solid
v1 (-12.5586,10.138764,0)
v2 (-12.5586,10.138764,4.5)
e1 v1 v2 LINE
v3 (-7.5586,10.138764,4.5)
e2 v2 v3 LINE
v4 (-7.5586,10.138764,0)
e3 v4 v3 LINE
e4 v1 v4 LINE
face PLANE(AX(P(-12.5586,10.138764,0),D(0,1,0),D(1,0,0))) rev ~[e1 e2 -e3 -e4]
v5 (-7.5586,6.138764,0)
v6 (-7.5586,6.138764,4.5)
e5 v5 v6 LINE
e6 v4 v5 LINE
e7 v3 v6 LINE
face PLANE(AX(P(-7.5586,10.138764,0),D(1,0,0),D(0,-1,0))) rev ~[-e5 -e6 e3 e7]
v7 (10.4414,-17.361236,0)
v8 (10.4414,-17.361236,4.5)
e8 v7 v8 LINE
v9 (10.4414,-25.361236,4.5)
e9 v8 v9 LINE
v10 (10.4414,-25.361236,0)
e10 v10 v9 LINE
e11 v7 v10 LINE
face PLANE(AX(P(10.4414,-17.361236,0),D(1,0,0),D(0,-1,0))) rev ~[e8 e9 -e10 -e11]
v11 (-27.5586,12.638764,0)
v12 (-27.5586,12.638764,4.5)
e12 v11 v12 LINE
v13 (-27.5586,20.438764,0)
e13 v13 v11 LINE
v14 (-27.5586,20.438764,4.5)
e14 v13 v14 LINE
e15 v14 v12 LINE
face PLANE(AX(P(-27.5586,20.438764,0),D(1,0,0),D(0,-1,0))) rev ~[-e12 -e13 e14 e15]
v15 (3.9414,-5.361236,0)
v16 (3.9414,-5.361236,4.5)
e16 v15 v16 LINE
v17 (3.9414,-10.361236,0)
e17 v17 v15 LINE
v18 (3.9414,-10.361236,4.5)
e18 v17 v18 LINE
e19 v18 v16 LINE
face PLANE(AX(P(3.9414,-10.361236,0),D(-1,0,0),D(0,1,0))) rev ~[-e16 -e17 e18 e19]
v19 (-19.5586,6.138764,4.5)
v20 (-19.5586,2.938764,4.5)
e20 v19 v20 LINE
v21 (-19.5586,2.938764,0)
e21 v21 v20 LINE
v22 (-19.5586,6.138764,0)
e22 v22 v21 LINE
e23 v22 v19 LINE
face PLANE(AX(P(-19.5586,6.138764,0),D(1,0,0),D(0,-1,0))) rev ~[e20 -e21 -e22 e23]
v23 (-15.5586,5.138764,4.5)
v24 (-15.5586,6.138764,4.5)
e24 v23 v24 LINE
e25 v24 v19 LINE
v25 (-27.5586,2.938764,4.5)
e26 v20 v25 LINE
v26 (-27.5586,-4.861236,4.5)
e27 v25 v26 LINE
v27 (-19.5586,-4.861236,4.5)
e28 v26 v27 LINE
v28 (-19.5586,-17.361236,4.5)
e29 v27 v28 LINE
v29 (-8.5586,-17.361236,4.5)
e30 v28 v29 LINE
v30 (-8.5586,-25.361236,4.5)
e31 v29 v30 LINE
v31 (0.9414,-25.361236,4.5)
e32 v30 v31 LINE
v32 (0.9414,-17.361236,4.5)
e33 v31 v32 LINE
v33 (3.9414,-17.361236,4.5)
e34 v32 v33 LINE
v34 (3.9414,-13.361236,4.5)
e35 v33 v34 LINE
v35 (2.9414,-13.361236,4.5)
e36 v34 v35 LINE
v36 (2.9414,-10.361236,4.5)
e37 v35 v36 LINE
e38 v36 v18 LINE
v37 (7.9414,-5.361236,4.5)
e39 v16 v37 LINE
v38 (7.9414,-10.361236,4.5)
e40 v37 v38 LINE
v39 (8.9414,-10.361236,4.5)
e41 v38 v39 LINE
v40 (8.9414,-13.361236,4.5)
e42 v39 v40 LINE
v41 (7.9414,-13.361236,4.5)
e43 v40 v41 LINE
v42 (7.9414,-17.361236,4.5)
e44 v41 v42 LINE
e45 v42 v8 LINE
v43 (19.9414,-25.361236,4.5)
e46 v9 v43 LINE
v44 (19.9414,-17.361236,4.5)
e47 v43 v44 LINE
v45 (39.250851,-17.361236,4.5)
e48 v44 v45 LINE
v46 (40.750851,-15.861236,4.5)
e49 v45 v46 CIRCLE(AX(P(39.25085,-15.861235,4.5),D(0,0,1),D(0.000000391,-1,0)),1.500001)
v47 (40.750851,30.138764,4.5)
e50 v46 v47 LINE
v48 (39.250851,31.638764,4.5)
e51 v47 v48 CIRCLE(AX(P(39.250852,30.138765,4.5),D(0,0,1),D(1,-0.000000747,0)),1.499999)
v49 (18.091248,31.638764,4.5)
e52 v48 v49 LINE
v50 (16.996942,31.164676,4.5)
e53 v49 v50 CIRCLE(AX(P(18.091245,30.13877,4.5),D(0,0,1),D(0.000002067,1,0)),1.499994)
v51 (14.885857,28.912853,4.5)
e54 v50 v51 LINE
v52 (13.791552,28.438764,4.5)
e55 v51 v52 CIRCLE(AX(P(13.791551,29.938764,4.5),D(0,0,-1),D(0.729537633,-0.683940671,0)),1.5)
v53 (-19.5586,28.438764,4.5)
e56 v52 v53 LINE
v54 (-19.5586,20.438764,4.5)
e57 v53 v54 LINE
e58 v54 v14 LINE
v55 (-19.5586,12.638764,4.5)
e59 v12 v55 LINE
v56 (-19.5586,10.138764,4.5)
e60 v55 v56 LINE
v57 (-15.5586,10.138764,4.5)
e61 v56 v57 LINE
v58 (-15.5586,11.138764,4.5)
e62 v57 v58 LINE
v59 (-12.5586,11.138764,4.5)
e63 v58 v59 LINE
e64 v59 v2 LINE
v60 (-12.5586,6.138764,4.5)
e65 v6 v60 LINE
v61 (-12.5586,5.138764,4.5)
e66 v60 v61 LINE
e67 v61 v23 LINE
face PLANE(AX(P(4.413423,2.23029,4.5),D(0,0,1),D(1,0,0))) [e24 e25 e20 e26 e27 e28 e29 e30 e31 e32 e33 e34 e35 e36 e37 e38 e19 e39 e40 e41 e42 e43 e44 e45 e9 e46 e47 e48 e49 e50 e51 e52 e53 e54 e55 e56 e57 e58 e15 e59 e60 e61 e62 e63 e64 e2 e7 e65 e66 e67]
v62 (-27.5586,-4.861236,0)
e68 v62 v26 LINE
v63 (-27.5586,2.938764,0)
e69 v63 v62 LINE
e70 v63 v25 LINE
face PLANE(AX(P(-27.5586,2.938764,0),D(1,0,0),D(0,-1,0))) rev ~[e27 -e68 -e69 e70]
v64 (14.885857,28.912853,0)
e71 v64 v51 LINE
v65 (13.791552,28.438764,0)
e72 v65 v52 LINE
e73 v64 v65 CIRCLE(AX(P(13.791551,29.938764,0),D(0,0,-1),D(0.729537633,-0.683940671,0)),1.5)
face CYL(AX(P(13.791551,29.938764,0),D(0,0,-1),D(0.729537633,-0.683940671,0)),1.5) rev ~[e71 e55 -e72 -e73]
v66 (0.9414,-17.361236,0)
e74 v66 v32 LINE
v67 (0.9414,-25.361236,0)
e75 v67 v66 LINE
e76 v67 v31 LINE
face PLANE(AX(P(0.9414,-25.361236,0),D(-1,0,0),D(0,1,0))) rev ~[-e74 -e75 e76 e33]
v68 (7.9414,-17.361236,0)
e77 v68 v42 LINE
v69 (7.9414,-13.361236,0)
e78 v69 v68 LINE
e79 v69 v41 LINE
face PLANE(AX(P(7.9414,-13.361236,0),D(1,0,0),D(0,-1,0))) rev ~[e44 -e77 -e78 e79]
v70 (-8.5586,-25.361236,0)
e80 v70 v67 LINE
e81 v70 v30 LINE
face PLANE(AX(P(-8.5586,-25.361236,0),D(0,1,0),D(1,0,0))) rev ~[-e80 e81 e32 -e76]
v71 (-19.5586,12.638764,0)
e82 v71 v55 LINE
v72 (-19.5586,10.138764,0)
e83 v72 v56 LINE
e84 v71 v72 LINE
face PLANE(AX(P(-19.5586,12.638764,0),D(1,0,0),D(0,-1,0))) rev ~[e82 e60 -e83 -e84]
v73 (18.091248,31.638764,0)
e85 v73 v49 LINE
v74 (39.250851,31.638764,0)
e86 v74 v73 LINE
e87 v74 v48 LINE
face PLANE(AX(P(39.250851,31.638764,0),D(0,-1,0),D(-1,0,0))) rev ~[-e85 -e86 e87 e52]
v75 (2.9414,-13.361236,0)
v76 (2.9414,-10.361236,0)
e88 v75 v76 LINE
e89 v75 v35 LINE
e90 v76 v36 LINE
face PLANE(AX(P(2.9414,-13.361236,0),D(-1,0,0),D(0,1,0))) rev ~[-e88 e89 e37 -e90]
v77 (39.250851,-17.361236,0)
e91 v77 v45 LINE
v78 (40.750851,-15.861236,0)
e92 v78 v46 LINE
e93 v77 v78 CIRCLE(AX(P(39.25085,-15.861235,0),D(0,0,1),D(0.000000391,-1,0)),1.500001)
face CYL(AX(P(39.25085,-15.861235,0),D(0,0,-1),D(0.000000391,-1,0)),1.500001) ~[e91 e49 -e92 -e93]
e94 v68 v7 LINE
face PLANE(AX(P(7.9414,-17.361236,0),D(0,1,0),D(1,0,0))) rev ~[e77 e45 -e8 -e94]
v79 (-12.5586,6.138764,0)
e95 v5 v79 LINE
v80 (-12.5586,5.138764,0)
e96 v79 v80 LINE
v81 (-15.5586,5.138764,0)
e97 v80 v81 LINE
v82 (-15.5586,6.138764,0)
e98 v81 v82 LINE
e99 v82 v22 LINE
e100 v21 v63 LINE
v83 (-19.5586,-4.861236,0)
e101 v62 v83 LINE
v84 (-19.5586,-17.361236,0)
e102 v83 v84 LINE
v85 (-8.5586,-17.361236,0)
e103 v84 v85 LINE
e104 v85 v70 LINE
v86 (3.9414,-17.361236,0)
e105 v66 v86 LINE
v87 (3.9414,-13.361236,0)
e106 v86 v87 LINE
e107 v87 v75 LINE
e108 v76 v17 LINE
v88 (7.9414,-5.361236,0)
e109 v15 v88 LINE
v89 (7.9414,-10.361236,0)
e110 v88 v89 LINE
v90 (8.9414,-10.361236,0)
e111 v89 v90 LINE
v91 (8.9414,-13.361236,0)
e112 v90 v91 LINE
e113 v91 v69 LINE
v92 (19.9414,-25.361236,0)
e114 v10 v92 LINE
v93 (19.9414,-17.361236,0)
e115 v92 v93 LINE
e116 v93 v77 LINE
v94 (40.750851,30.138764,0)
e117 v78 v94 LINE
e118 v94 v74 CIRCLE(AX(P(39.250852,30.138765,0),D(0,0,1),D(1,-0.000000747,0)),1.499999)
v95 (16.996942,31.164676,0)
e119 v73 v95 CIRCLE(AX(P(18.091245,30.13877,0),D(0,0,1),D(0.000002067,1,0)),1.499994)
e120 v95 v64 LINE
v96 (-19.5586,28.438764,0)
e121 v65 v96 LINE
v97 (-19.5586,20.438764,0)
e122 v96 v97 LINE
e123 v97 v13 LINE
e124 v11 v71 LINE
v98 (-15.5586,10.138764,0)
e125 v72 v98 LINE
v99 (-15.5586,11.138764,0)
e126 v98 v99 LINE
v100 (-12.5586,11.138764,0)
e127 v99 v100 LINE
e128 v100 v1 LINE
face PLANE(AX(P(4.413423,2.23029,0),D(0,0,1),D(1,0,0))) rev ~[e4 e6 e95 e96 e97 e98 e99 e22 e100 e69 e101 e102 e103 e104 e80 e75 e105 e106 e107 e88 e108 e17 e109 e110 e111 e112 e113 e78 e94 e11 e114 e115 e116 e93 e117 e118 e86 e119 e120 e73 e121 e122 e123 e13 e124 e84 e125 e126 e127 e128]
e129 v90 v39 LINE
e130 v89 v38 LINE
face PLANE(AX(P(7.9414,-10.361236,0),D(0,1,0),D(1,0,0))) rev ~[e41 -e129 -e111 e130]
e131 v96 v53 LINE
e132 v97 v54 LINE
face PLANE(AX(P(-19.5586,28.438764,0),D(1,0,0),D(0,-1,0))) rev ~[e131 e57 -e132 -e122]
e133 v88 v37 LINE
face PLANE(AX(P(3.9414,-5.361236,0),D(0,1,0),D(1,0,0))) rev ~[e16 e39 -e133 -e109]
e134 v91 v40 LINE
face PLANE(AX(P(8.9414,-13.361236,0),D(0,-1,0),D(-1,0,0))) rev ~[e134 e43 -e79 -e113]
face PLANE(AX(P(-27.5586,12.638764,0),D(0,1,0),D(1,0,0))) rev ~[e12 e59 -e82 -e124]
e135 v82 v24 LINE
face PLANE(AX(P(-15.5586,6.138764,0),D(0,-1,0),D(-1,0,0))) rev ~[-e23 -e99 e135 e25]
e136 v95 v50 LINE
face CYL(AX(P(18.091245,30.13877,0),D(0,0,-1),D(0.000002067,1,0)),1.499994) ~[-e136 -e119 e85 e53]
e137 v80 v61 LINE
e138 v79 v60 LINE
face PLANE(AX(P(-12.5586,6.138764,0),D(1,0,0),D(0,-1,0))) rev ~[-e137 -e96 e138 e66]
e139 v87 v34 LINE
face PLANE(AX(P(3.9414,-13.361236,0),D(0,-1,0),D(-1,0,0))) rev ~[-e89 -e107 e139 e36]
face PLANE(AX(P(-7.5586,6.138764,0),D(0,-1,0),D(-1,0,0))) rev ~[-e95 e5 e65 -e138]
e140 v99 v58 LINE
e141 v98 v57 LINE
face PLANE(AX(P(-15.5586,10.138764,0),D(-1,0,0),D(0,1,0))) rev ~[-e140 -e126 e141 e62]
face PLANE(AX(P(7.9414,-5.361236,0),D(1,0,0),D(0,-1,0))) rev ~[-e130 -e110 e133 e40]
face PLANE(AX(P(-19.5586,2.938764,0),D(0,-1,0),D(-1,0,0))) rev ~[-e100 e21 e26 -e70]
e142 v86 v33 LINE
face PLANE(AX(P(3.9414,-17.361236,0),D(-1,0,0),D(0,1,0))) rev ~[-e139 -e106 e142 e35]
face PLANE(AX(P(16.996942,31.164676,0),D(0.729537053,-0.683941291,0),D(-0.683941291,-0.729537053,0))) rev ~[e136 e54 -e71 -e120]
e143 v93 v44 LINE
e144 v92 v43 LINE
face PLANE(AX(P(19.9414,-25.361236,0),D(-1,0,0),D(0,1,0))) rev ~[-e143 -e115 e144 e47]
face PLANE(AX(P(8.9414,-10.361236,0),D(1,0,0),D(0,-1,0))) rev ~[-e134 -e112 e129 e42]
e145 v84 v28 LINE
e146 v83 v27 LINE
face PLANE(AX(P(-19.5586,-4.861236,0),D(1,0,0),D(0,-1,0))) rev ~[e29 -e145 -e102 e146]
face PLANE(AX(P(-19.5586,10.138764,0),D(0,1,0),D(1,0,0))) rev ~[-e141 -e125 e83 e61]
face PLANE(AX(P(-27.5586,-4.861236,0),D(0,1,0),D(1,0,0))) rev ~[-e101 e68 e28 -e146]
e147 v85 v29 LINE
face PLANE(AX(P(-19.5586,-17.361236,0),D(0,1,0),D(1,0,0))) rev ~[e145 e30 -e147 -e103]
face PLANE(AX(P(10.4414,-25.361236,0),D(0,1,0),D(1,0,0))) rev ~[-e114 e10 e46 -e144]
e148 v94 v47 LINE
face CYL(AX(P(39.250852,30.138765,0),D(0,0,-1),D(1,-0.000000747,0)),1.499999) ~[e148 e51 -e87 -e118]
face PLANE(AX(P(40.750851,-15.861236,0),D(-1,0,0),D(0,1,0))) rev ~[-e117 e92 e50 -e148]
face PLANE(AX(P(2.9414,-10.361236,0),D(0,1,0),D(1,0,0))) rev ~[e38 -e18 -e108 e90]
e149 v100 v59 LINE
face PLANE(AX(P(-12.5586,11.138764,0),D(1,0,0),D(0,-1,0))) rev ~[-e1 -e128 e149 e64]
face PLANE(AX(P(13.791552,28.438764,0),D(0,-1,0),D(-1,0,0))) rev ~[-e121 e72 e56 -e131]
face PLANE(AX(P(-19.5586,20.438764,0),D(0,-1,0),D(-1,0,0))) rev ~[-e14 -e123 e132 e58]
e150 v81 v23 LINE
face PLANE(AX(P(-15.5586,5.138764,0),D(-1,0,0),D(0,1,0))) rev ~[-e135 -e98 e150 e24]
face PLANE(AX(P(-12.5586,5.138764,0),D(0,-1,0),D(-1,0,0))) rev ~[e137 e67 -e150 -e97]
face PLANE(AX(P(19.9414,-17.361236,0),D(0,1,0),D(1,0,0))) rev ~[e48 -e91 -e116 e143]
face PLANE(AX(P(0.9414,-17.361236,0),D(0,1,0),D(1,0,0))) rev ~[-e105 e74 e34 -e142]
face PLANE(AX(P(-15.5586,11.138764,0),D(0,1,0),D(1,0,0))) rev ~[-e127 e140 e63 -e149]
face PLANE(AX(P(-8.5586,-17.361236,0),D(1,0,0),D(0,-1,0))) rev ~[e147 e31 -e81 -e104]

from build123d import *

# Parameters (mm, degrees)
F1_DEPTH = 4.5


with BuildPart() as f1:
    # F0 (on Top) → F1 (new body)
    with BuildSketch(Plane.XY):
        with BuildLine():
            Line((13.791552, 28.438764), (-19.5586, 28.438764))
            Line((-19.5586, 28.438764), (-19.5586, 20.438764))
            Line((-19.5586, 20.438764), (-27.5586, 20.438764))
            Line((-27.5586, 20.438764), (-27.5586, 12.638764))
            Line((-27.5586, 12.638764), (-19.5586, 12.638764))
            Line((-19.5586, 12.638764), (-19.5586, 10.138764))
            Line((-19.5586, 10.138764), (-15.5586, 10.138764))
            Line((-15.5586, 10.138764), (-15.5586, 11.138764))
            Line((-15.5586, 11.138764), (-12.5586, 11.138764))
            Line((-12.5586, 11.138764), (-12.5586, 10.138764))
            Line((-12.5586, 10.138764), (-7.5586, 10.138764))
            Line((-7.5586, 10.138764), (-7.5586, 6.138764))
            Line((-7.5586, 6.138764), (-12.5586, 6.138764))
            Line((-12.5586, 6.138764), (-12.5586, 5.138764))
            Line((-12.5586, 5.138764), (-15.5586, 5.138764))
            Line((-15.5586, 5.138764), (-15.5586, 6.138764))
            Line((-15.5586, 6.138764), (-19.5586, 6.138764))
            Line((-19.5586, 6.138764), (-19.5586, 2.938764))
            Line((-19.5586, 2.938764), (-27.5586, 2.938764))
            Line((-27.5586, 2.938764), (-27.5586, -4.861236))
            Line((-27.5586, -4.861236), (-19.5586, -4.861236))
            Line((-19.5586, -4.861236), (-19.5586, -12.361236))
            Line((-19.5586, -12.361236), (-19.5586, -17.361236))
            Line((-19.5586, -17.361236), (-11.749149, -17.361236))
            Line((-11.749149, -17.361236), (-8.5586, -17.361236))
            Line((-8.5586, -17.361236), (-8.5586, -25.361236))
            Line((-8.5586, -25.361236), (0.9414, -25.361236))
            Line((0.9414, -25.361236), (0.9414, -17.361236))
            Line((0.9414, -17.361236), (3.9414, -17.361236))
            Line((3.9414, -17.361236), (3.9414, -13.361236))
            Line((3.9414, -13.361236), (2.9414, -13.361236))
            Line((2.9414, -13.361236), (2.9414, -10.361236))
            Line((2.9414, -10.361236), (3.9414, -10.361236))
            Line((3.9414, -10.361236), (3.9414, -5.361236))
            Line((3.9414, -5.361236), (7.9414, -5.361236))
            Line((7.9414, -5.361236), (7.9414, -10.361236))
            Line((7.9414, -10.361236), (8.9414, -10.361236))
            Line((8.9414, -10.361236), (8.9414, -13.361236))
            Line((8.9414, -13.361236), (7.9414, -13.361236))
            Line((7.9414, -13.361236), (7.9414, -17.361236))
            Line((7.9414, -17.361236), (10.4414, -17.361236))
            Line((10.4414, -17.361236), (10.4414, -25.361236))
            Line((10.4414, -25.361236), (19.9414, -25.361236))
            Line((19.9414, -25.361236), (19.9414, -17.361236))
            Line((19.9414, -17.361236), (39.250851, -17.361236))
            ThreePointArc((39.250851, -17.361236), (40.311511, -16.921896), (40.750851, -15.861236))
            Line((40.750851, -15.861236), (40.750851, 30.138764))
            ThreePointArc((40.750851, 30.138764), (40.311511, 31.199425), (39.250851, 31.638764))
            Line((39.250851, 31.638764), (18.091248, 31.638764))
            ThreePointArc((18.091248, 31.638764), (17.494954, 31.515149), (16.996942, 31.164676))
            Line((16.996942, 31.164676), (14.885857, 28.912853))
            ThreePointArc((14.885857, 28.912853), (14.387845, 28.56238), (13.791552, 28.438764))
        make_face()
    extrude(amount=F1_DEPTH)


solid = f1.part
